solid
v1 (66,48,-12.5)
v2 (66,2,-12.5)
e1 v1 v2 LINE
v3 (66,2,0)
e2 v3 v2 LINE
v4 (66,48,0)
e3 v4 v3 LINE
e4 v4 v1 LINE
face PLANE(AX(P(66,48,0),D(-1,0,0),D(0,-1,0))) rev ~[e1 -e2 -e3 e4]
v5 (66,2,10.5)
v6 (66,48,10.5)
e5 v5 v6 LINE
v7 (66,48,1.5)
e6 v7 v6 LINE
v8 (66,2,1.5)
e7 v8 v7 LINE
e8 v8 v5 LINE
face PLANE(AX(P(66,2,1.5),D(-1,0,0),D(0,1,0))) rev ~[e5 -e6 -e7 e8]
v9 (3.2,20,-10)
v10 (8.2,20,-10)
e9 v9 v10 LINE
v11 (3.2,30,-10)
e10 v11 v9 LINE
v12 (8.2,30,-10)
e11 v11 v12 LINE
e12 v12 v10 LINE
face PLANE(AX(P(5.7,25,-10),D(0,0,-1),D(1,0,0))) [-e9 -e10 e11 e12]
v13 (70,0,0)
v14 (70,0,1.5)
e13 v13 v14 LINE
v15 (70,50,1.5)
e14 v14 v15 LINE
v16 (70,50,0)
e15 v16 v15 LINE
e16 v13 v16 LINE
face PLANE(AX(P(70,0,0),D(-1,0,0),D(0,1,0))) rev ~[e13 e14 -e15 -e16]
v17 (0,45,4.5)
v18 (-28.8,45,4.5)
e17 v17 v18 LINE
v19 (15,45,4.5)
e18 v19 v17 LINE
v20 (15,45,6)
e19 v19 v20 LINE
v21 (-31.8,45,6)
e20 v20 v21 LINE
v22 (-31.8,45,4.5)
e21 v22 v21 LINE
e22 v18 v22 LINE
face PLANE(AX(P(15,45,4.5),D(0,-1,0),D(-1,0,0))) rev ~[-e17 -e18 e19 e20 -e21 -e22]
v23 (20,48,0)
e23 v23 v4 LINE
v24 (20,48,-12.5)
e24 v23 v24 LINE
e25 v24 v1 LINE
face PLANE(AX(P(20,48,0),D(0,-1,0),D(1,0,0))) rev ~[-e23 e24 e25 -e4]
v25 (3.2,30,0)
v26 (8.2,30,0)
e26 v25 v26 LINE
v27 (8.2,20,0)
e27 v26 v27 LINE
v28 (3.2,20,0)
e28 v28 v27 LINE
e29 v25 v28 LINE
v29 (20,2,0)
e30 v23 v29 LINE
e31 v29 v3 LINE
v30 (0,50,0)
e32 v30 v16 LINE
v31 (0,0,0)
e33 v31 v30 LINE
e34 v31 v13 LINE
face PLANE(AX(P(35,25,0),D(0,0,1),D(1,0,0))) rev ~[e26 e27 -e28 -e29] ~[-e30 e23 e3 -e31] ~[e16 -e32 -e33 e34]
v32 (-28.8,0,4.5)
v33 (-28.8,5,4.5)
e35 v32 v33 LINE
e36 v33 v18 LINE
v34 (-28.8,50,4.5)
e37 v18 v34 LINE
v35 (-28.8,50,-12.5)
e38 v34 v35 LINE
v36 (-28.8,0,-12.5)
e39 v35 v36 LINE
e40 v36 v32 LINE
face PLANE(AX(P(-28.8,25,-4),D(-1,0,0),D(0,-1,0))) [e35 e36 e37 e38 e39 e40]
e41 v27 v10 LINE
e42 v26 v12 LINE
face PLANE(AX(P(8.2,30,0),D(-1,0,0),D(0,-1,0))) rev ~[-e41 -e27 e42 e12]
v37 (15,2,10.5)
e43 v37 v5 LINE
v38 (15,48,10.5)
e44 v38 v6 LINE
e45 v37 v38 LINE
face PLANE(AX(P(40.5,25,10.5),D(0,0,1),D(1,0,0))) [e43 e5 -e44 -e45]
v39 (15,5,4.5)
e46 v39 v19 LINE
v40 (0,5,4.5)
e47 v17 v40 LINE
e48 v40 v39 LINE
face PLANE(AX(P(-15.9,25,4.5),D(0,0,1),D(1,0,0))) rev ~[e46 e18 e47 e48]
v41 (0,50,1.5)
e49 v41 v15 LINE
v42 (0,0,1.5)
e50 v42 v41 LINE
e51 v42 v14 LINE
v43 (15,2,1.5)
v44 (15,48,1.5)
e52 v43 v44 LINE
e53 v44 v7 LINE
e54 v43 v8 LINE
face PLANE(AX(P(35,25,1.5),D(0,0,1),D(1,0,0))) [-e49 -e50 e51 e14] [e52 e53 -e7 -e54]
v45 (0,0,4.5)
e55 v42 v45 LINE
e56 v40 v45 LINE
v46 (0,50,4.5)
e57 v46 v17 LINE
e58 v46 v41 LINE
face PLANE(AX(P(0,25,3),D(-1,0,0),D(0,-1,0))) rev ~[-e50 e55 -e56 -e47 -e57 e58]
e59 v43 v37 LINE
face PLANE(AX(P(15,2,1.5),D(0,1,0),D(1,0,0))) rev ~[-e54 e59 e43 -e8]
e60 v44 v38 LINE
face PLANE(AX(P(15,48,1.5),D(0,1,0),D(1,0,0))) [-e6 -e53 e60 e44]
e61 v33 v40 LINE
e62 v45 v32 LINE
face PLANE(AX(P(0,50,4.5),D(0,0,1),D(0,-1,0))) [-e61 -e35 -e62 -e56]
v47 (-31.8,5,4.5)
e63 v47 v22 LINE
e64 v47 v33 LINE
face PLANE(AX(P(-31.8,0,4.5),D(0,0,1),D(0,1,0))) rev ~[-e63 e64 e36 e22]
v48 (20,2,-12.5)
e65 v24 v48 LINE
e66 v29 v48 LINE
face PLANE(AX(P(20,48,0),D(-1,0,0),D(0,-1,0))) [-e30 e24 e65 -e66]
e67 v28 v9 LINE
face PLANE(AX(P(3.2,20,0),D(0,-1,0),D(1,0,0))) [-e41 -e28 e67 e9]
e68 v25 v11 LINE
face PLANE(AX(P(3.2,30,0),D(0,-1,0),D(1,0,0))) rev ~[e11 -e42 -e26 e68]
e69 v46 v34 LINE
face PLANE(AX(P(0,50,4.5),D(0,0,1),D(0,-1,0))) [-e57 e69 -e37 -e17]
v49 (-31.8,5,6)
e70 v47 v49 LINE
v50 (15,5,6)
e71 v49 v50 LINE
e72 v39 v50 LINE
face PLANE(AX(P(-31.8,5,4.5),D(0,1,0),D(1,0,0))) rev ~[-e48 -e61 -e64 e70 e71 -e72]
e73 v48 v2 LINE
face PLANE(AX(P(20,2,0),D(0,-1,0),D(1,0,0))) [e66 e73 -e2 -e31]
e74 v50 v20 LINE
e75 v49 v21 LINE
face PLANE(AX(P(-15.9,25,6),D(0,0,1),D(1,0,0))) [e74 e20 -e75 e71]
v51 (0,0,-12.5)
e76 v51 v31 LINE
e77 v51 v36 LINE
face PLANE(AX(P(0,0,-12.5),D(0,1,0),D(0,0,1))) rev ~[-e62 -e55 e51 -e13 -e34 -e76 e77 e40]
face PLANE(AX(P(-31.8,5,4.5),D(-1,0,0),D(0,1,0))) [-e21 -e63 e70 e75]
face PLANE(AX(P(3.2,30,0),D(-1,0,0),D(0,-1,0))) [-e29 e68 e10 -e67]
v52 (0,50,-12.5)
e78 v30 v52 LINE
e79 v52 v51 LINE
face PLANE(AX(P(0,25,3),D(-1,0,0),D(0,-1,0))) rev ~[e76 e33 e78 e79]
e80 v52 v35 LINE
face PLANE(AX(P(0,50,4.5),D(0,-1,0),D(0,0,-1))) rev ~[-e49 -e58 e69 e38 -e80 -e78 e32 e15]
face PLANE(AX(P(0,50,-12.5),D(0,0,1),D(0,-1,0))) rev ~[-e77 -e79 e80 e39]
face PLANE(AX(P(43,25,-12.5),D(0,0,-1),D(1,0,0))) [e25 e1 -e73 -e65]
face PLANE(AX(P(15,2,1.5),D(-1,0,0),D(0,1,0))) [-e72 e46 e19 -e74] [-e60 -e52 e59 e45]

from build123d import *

# Parameters (mm, degrees)
F0_W      = 70
F0_H      = 50
F1_DEPTH  = 1.5
F2_W      = 46
F2_H      = 46
F3_DEPTH  = 12.5
F2_W_2    = 5
F2_H_2    = 10
F4_DEPTH  = 10
F5_W      = 51
F5_H      = 46
F6_DEPTH  = 9
F7_W      = 50
F7_H      = 3
F7_H_2    = 1.5
F7_H_3    = 12.5
F8_DEPTH  = 31.8
F9_W      = 31.8
F9_H      = 40
F9_W_2    = 15
F10_DEPTH = 1.5
F12_DEPTH = 3


with BuildPart() as f1:
    # F0 (on Top) → F1 (new body)
    with BuildSketch(Plane.XY):
        with Locations((35, 25)):
            Rectangle(F0_W, F0_H)
    extrude(amount=F1_DEPTH)

    # F2 (on face) → F3 (join)
    with BuildSketch(Plane(origin=(0, 0, 0), x_dir=(1, 0, 0), z_dir=(0, 0, -1))):
        with Locations((43, -25)):
            Rectangle(F2_W, F2_H)
    extrude(amount=F3_DEPTH)

    # F2 (on face) → F4 (join)
    with BuildSketch(Plane(origin=(0, 0, 0), x_dir=(1, 0, 0), z_dir=(0, 0, -1))):
        with Locations((5.7, -25)):
            Rectangle(F2_W_2, F2_H_2)
    extrude(amount=F4_DEPTH)

    # F5 (on face) → F6 (join)
    with BuildSketch(Plane.XY.offset(1.5)):
        with Locations((40.5, 25)):
            Rectangle(F5_W, F5_H)
    extrude(amount=F6_DEPTH)

    # F7 (on face) → F8 (join)
    with BuildSketch(Plane(origin=(0, 0, 0), x_dir=(0, -1, 0), z_dir=(-1, 0, 0))):
        with Locations((-25, 3)):
            Rectangle(F7_W, F7_H)
        with Locations((-25, 0.75)):
            Rectangle(F7_W, F7_H_2)
        with Locations((-25, -6.25)):
            Rectangle(F7_W, F7_H_3)
    extrude(amount=F8_DEPTH)

    # F9 (on face) → F10 (join)
    with BuildSketch(Plane.XY.offset(4.5)):
        with Locations((-15.9, 25)):
            Rectangle(F9_W, F9_H)
        with Locations((7.5, 25)):
            Rectangle(F9_W_2, F9_H)
    extrude(amount=F10_DEPTH)

    # F11 (on face) → F12 (cut)
    with BuildSketch(Plane(origin=(-31.8, 0, 0), x_dir=(0, -1, 0), z_dir=(-1, 0, 0))):
        Polygon((-5, 4.5), (-45, 4.5), (-50, 4.5), (-50, -12.5), (0, -12.5), (0, 4.5), align=None)
    extrude(amount=-F12_DEPTH, mode=Mode.SUBTRACT)


solid = f1.part
